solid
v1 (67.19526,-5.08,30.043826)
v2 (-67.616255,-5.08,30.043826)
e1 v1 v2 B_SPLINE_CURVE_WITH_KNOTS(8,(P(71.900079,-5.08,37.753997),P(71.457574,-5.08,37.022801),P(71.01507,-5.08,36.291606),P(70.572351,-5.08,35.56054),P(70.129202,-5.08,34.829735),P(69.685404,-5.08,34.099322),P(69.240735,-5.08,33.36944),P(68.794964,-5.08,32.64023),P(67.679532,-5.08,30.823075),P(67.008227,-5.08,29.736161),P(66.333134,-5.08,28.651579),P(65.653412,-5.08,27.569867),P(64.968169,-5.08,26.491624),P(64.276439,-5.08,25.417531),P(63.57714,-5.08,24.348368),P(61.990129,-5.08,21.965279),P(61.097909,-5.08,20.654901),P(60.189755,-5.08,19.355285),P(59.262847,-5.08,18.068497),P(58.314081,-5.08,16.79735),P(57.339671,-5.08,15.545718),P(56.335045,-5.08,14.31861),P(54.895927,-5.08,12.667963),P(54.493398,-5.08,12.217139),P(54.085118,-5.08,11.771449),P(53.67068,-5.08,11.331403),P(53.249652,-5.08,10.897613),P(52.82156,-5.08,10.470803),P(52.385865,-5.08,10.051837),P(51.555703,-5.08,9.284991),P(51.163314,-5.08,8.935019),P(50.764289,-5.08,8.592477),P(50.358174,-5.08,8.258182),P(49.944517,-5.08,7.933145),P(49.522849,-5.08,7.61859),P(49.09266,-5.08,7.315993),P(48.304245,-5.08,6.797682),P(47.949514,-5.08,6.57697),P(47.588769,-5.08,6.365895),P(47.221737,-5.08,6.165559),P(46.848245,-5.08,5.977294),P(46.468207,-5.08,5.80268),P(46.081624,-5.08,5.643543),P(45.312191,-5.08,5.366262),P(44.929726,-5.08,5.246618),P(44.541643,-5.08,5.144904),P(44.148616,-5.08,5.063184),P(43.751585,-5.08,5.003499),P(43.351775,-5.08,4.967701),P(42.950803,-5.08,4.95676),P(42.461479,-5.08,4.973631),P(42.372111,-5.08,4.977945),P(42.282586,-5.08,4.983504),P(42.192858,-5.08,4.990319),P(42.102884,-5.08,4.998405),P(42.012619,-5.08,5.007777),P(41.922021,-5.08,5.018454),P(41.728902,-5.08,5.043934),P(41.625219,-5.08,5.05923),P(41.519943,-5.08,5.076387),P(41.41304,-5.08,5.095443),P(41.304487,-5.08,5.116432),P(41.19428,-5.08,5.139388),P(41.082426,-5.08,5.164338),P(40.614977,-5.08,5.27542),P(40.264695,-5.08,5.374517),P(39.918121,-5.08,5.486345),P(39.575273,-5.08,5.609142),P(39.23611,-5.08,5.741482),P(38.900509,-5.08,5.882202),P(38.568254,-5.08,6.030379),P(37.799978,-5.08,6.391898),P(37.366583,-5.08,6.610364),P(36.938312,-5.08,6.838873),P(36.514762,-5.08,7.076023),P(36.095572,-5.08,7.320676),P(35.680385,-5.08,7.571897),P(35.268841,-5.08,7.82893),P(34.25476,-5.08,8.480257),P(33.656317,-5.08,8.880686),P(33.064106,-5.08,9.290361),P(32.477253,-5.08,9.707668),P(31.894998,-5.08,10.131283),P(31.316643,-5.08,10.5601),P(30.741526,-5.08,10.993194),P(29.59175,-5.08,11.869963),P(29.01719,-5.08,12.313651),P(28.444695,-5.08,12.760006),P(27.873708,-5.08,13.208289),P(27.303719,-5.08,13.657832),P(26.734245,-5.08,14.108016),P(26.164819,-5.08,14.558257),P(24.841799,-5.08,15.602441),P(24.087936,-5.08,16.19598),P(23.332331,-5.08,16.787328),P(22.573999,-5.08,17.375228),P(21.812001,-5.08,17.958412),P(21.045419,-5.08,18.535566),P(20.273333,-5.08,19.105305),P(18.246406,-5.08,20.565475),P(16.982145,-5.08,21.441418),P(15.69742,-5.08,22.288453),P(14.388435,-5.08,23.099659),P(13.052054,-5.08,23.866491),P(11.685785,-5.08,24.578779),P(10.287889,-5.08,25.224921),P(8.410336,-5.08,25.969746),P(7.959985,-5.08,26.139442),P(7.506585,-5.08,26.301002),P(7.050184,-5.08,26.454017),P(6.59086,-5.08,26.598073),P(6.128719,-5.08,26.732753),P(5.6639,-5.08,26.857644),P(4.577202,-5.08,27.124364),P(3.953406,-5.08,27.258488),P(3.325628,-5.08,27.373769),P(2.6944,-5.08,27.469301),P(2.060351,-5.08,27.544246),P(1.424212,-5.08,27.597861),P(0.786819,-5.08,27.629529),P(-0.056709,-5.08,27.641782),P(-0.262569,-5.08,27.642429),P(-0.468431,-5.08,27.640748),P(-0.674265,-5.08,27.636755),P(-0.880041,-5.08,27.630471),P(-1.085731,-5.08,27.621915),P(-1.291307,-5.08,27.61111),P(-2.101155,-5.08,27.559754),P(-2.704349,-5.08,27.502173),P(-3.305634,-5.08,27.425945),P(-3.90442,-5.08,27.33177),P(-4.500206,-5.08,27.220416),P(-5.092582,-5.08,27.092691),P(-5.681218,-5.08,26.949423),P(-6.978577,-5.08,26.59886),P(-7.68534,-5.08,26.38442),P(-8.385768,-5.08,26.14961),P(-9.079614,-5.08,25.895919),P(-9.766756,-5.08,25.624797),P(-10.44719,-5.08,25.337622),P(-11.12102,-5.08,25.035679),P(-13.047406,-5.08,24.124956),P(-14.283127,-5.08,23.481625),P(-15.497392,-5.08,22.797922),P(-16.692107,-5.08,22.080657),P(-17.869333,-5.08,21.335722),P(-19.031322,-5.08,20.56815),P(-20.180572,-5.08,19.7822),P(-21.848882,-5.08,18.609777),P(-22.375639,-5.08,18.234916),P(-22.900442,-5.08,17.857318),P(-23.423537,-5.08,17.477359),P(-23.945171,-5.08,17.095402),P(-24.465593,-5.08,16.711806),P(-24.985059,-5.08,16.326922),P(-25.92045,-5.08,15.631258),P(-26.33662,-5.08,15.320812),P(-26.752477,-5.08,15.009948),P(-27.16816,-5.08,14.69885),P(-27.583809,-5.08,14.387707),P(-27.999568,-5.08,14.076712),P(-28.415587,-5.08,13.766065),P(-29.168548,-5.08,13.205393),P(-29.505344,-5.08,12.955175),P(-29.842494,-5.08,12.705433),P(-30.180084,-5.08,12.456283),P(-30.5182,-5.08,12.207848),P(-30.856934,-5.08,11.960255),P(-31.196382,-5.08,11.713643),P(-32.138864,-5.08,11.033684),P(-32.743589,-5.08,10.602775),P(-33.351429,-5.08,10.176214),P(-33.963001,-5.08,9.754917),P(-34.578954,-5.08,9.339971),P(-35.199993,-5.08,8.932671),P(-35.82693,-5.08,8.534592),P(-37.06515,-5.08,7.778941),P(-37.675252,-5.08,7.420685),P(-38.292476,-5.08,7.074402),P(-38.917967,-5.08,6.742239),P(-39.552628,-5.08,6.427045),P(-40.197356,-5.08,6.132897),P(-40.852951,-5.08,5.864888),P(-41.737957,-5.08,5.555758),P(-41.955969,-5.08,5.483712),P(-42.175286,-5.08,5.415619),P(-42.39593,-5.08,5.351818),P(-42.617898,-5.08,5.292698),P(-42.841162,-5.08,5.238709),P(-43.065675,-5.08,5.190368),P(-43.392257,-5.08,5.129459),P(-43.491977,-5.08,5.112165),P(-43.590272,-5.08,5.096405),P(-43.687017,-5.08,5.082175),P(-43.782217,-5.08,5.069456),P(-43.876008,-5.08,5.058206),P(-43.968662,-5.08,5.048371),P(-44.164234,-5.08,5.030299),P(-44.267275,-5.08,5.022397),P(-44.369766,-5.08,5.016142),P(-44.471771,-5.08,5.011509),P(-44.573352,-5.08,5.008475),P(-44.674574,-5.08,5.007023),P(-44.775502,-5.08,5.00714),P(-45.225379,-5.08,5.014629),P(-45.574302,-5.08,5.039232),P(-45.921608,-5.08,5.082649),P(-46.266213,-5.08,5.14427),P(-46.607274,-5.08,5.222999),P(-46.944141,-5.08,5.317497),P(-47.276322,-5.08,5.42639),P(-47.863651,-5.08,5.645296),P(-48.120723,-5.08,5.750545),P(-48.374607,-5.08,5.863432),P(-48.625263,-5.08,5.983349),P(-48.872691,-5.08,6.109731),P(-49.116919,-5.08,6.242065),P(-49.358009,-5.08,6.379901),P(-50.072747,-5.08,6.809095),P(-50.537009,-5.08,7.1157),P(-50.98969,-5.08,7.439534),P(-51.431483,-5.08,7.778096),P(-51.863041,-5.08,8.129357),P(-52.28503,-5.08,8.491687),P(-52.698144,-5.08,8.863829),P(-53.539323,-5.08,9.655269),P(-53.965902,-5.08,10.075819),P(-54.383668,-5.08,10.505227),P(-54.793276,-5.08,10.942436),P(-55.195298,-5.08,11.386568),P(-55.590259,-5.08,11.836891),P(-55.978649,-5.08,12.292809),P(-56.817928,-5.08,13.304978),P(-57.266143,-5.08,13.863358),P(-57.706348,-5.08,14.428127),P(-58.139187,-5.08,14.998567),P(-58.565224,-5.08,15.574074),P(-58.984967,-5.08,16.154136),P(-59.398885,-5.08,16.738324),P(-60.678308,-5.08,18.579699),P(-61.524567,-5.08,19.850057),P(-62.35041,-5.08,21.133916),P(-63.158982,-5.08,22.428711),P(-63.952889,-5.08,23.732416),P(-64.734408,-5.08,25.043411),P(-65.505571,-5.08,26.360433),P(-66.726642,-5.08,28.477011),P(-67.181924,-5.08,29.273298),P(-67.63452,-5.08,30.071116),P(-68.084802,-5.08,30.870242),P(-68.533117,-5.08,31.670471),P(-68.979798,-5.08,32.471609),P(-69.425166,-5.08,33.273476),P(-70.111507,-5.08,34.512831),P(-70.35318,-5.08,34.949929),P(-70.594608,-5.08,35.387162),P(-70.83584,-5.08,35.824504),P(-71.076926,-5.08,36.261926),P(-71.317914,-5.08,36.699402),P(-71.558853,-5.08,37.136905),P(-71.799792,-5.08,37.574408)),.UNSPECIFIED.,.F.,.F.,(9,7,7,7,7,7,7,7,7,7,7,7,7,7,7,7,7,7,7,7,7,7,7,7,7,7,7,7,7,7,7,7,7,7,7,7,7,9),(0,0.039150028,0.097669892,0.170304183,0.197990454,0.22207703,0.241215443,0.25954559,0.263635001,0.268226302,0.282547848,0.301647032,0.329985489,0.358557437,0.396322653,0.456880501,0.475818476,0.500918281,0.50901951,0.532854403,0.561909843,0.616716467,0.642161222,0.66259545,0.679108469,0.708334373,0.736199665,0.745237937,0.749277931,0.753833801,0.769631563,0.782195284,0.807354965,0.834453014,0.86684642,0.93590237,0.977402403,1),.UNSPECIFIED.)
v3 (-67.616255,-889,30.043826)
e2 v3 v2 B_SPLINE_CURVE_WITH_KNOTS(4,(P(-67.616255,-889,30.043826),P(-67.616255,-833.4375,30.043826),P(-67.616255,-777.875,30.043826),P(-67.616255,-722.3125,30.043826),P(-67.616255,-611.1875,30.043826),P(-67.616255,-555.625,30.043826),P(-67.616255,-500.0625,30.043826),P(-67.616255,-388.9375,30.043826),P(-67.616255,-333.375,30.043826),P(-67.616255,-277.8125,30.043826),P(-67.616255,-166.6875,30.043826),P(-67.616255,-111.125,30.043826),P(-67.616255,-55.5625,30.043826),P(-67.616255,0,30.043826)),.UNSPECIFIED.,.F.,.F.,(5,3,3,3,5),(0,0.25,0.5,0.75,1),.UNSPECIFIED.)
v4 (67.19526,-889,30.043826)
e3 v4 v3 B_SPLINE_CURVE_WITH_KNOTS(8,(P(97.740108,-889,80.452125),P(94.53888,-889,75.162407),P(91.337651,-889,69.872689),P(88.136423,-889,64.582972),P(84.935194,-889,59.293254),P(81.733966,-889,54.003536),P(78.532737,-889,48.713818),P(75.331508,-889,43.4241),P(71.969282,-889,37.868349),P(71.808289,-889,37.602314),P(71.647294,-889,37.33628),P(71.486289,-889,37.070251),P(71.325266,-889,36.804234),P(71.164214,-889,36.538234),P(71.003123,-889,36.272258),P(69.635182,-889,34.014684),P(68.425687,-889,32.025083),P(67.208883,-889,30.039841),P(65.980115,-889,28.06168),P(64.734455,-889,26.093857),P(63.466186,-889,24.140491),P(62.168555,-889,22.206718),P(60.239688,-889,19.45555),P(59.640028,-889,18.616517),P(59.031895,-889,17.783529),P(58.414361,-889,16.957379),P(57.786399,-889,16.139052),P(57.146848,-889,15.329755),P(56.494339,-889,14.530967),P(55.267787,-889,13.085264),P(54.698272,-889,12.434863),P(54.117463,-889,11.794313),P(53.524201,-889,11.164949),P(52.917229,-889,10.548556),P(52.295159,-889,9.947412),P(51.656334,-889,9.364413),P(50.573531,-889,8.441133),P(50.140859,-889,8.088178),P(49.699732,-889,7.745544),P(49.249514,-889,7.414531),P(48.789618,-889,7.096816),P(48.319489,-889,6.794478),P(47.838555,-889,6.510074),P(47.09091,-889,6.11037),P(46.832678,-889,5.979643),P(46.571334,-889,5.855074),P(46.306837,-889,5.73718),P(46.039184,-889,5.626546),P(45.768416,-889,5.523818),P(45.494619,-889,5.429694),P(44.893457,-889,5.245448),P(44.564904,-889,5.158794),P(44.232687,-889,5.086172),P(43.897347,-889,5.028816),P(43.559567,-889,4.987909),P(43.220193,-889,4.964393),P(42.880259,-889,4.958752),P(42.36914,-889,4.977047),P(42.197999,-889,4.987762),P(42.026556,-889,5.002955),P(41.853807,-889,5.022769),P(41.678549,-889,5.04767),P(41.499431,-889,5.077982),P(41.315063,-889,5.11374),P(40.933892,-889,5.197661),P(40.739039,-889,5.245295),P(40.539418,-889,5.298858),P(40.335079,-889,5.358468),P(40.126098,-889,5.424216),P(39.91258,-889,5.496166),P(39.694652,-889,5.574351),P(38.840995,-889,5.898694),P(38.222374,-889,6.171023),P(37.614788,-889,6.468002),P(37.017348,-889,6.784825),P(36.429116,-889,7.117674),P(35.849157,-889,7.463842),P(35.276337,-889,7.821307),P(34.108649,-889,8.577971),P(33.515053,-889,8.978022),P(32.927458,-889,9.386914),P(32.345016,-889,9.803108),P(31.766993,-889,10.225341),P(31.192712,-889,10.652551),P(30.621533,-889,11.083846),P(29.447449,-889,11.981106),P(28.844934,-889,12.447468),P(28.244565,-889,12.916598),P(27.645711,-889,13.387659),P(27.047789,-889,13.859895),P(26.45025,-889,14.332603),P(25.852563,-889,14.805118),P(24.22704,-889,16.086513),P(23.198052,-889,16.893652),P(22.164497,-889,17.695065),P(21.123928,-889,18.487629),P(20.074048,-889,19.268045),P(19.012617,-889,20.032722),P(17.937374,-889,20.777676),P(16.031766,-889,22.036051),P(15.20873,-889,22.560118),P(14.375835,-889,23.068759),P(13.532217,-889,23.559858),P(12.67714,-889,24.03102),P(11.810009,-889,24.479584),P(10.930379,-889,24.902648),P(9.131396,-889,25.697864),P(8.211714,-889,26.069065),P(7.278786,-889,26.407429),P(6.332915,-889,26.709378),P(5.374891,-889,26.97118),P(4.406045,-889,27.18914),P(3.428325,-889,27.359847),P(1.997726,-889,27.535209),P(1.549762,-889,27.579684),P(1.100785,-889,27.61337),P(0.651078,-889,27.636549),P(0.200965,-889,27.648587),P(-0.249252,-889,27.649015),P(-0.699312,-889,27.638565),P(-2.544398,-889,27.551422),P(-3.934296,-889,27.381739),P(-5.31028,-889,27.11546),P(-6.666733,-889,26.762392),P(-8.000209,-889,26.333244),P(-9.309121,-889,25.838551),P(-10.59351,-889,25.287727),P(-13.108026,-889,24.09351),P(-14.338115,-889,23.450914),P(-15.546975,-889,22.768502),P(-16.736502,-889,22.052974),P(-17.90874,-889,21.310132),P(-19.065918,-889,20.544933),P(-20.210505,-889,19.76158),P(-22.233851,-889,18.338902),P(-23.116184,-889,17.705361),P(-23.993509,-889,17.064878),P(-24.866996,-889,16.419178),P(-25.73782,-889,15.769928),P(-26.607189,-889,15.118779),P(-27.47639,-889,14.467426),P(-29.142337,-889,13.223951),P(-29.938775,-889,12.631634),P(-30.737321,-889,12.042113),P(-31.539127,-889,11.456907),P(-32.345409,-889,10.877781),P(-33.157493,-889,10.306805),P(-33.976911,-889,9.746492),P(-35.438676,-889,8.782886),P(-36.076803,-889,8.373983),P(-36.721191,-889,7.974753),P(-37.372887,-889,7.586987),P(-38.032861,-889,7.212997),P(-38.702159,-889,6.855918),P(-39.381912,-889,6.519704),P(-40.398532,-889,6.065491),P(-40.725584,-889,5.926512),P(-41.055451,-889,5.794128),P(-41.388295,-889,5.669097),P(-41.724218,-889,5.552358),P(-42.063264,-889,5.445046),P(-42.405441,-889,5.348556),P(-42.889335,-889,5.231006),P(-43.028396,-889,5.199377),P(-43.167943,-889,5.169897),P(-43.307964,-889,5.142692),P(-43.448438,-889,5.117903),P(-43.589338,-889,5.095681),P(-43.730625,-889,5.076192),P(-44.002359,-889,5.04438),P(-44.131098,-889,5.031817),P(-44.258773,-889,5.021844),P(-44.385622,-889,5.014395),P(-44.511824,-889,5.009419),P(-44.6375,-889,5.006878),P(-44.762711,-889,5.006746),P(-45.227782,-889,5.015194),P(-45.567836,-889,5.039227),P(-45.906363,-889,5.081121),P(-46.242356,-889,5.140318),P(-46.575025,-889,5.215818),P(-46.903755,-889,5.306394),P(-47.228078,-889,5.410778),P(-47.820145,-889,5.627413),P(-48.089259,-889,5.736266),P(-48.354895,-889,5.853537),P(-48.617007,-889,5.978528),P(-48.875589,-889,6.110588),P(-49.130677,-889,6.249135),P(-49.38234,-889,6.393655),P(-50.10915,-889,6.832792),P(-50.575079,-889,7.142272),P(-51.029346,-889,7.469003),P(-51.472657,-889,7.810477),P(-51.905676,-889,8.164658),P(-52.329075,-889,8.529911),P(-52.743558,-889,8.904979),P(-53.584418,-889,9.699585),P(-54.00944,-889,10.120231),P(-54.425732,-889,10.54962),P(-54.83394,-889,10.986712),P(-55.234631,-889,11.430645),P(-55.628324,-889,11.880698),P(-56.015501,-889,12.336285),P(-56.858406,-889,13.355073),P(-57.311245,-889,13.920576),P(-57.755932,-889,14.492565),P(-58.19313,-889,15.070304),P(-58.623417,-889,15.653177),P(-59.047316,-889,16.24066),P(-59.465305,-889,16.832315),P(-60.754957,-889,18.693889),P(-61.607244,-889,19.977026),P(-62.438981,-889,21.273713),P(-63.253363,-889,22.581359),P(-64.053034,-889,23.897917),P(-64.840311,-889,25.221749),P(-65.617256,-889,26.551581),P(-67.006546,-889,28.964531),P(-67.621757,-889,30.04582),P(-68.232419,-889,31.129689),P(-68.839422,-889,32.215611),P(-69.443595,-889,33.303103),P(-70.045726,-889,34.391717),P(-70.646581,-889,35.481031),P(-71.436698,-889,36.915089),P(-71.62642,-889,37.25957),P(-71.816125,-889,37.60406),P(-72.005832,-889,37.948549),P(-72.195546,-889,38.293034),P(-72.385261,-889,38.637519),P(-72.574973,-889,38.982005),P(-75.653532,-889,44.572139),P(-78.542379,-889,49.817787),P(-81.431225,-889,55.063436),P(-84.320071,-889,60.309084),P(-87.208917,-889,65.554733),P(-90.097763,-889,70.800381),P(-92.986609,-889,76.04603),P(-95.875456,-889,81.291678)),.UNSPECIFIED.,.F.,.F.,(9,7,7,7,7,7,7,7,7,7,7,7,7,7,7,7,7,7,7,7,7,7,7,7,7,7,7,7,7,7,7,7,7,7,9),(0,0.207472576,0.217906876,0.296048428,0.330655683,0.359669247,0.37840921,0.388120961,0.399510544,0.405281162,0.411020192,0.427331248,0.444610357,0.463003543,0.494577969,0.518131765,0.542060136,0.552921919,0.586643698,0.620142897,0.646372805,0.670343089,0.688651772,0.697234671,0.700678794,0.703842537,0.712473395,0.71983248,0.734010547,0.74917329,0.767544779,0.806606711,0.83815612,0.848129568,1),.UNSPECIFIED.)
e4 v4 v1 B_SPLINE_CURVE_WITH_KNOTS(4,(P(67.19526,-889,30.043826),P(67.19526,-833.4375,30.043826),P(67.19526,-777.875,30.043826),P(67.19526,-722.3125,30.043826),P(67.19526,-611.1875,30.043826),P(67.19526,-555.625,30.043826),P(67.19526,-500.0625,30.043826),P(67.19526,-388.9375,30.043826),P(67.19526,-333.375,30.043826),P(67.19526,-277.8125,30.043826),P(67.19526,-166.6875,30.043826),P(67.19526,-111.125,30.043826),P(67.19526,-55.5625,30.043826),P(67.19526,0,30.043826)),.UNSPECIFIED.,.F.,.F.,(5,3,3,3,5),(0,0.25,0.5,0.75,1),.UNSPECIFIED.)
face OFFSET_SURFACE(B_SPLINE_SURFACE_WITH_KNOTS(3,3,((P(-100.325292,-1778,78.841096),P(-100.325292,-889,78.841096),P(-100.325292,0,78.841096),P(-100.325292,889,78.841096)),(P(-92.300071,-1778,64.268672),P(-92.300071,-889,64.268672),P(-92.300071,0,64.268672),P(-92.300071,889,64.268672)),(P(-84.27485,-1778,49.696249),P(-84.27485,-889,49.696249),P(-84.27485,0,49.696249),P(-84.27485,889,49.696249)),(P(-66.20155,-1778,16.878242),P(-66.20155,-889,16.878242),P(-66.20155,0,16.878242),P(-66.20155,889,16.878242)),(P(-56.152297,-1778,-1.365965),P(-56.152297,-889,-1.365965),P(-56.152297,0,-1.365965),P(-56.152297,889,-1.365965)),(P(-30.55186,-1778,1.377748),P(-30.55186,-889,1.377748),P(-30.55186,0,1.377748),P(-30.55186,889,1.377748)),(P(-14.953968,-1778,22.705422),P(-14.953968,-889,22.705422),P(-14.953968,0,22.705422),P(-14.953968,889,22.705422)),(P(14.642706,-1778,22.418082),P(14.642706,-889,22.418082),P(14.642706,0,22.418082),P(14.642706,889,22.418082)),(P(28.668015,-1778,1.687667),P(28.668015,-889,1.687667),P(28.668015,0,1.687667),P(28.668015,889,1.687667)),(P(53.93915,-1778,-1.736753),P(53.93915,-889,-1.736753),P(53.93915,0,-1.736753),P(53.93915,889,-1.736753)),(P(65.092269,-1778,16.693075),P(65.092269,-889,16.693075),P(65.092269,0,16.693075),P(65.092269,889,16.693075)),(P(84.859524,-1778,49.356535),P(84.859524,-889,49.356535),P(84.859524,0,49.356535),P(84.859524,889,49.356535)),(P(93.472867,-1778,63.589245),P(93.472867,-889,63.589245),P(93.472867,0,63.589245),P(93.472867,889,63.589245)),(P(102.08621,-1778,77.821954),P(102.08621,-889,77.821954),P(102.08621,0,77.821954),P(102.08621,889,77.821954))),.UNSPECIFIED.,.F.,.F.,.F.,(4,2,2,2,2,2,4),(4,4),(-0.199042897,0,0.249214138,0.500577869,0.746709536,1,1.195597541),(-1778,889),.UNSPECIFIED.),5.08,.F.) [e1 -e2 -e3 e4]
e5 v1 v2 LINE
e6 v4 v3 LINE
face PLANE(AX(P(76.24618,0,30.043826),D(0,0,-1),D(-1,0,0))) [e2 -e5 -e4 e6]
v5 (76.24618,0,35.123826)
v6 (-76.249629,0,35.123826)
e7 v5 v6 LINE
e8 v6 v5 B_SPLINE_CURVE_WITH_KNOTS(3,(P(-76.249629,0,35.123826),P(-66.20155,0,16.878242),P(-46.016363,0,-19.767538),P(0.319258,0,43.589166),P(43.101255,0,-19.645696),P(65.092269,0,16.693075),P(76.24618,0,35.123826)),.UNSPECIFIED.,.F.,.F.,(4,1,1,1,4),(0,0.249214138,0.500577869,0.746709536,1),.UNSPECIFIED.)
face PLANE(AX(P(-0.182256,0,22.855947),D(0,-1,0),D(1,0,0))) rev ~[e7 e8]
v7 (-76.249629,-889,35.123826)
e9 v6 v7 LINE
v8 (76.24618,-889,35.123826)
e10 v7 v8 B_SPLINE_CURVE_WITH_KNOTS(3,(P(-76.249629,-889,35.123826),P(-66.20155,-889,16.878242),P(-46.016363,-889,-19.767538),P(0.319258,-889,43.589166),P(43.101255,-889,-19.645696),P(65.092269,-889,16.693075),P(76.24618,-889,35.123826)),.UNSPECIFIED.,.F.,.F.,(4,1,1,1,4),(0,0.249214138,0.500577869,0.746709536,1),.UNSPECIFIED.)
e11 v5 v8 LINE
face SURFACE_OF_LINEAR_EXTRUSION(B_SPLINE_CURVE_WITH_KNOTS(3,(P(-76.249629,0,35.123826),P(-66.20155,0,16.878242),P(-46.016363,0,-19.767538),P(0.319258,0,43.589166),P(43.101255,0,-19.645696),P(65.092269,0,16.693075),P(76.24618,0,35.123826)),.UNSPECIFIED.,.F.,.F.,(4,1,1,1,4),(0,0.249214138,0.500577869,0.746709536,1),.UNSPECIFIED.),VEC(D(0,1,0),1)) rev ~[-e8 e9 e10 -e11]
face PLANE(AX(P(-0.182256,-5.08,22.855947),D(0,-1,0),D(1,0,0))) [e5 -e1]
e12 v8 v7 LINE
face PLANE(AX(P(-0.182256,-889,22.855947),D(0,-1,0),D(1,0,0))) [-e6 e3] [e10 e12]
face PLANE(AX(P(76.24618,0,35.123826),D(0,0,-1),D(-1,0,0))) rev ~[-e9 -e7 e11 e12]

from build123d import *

# Parameters (mm, degrees)
F1_DEPTH = 889
F2_T     = -5.08


with BuildPart() as f1:
    # F0 (on Front) → F1 (new body)
    with BuildSketch(Plane.XZ):
        with BuildLine():
            Line((76.246180377, 35.1238259801), (-76.2496285224, 35.1238259801))
            add(Edge.make_bspline(
                [(-76.2496285224, 35.1238259801), (-66.2015503243, 16.8782419914), (-46.0163630346, -19.7675380851), (0.3192577018, 43.5891661977), (43.1012545256, -19.6456961719), (65.0922687304, 16.6930750922), (76.246180377, 35.1238259801)],
                knots=[0, 0, 0, 0, 0.2492141382, 0.5005778691, 0.7467095359, 1, 1, 1, 1], degree=3))
        make_face()
    extrude(amount=F1_DEPTH)

    # F2
    f2_openings = [f1.faces().sort_by_distance(p)[0] for p in [
        (-0.001724, -889, 33.558685),
    ]]
    offset(amount=F2_T, openings=f2_openings)


solid = f1.part
